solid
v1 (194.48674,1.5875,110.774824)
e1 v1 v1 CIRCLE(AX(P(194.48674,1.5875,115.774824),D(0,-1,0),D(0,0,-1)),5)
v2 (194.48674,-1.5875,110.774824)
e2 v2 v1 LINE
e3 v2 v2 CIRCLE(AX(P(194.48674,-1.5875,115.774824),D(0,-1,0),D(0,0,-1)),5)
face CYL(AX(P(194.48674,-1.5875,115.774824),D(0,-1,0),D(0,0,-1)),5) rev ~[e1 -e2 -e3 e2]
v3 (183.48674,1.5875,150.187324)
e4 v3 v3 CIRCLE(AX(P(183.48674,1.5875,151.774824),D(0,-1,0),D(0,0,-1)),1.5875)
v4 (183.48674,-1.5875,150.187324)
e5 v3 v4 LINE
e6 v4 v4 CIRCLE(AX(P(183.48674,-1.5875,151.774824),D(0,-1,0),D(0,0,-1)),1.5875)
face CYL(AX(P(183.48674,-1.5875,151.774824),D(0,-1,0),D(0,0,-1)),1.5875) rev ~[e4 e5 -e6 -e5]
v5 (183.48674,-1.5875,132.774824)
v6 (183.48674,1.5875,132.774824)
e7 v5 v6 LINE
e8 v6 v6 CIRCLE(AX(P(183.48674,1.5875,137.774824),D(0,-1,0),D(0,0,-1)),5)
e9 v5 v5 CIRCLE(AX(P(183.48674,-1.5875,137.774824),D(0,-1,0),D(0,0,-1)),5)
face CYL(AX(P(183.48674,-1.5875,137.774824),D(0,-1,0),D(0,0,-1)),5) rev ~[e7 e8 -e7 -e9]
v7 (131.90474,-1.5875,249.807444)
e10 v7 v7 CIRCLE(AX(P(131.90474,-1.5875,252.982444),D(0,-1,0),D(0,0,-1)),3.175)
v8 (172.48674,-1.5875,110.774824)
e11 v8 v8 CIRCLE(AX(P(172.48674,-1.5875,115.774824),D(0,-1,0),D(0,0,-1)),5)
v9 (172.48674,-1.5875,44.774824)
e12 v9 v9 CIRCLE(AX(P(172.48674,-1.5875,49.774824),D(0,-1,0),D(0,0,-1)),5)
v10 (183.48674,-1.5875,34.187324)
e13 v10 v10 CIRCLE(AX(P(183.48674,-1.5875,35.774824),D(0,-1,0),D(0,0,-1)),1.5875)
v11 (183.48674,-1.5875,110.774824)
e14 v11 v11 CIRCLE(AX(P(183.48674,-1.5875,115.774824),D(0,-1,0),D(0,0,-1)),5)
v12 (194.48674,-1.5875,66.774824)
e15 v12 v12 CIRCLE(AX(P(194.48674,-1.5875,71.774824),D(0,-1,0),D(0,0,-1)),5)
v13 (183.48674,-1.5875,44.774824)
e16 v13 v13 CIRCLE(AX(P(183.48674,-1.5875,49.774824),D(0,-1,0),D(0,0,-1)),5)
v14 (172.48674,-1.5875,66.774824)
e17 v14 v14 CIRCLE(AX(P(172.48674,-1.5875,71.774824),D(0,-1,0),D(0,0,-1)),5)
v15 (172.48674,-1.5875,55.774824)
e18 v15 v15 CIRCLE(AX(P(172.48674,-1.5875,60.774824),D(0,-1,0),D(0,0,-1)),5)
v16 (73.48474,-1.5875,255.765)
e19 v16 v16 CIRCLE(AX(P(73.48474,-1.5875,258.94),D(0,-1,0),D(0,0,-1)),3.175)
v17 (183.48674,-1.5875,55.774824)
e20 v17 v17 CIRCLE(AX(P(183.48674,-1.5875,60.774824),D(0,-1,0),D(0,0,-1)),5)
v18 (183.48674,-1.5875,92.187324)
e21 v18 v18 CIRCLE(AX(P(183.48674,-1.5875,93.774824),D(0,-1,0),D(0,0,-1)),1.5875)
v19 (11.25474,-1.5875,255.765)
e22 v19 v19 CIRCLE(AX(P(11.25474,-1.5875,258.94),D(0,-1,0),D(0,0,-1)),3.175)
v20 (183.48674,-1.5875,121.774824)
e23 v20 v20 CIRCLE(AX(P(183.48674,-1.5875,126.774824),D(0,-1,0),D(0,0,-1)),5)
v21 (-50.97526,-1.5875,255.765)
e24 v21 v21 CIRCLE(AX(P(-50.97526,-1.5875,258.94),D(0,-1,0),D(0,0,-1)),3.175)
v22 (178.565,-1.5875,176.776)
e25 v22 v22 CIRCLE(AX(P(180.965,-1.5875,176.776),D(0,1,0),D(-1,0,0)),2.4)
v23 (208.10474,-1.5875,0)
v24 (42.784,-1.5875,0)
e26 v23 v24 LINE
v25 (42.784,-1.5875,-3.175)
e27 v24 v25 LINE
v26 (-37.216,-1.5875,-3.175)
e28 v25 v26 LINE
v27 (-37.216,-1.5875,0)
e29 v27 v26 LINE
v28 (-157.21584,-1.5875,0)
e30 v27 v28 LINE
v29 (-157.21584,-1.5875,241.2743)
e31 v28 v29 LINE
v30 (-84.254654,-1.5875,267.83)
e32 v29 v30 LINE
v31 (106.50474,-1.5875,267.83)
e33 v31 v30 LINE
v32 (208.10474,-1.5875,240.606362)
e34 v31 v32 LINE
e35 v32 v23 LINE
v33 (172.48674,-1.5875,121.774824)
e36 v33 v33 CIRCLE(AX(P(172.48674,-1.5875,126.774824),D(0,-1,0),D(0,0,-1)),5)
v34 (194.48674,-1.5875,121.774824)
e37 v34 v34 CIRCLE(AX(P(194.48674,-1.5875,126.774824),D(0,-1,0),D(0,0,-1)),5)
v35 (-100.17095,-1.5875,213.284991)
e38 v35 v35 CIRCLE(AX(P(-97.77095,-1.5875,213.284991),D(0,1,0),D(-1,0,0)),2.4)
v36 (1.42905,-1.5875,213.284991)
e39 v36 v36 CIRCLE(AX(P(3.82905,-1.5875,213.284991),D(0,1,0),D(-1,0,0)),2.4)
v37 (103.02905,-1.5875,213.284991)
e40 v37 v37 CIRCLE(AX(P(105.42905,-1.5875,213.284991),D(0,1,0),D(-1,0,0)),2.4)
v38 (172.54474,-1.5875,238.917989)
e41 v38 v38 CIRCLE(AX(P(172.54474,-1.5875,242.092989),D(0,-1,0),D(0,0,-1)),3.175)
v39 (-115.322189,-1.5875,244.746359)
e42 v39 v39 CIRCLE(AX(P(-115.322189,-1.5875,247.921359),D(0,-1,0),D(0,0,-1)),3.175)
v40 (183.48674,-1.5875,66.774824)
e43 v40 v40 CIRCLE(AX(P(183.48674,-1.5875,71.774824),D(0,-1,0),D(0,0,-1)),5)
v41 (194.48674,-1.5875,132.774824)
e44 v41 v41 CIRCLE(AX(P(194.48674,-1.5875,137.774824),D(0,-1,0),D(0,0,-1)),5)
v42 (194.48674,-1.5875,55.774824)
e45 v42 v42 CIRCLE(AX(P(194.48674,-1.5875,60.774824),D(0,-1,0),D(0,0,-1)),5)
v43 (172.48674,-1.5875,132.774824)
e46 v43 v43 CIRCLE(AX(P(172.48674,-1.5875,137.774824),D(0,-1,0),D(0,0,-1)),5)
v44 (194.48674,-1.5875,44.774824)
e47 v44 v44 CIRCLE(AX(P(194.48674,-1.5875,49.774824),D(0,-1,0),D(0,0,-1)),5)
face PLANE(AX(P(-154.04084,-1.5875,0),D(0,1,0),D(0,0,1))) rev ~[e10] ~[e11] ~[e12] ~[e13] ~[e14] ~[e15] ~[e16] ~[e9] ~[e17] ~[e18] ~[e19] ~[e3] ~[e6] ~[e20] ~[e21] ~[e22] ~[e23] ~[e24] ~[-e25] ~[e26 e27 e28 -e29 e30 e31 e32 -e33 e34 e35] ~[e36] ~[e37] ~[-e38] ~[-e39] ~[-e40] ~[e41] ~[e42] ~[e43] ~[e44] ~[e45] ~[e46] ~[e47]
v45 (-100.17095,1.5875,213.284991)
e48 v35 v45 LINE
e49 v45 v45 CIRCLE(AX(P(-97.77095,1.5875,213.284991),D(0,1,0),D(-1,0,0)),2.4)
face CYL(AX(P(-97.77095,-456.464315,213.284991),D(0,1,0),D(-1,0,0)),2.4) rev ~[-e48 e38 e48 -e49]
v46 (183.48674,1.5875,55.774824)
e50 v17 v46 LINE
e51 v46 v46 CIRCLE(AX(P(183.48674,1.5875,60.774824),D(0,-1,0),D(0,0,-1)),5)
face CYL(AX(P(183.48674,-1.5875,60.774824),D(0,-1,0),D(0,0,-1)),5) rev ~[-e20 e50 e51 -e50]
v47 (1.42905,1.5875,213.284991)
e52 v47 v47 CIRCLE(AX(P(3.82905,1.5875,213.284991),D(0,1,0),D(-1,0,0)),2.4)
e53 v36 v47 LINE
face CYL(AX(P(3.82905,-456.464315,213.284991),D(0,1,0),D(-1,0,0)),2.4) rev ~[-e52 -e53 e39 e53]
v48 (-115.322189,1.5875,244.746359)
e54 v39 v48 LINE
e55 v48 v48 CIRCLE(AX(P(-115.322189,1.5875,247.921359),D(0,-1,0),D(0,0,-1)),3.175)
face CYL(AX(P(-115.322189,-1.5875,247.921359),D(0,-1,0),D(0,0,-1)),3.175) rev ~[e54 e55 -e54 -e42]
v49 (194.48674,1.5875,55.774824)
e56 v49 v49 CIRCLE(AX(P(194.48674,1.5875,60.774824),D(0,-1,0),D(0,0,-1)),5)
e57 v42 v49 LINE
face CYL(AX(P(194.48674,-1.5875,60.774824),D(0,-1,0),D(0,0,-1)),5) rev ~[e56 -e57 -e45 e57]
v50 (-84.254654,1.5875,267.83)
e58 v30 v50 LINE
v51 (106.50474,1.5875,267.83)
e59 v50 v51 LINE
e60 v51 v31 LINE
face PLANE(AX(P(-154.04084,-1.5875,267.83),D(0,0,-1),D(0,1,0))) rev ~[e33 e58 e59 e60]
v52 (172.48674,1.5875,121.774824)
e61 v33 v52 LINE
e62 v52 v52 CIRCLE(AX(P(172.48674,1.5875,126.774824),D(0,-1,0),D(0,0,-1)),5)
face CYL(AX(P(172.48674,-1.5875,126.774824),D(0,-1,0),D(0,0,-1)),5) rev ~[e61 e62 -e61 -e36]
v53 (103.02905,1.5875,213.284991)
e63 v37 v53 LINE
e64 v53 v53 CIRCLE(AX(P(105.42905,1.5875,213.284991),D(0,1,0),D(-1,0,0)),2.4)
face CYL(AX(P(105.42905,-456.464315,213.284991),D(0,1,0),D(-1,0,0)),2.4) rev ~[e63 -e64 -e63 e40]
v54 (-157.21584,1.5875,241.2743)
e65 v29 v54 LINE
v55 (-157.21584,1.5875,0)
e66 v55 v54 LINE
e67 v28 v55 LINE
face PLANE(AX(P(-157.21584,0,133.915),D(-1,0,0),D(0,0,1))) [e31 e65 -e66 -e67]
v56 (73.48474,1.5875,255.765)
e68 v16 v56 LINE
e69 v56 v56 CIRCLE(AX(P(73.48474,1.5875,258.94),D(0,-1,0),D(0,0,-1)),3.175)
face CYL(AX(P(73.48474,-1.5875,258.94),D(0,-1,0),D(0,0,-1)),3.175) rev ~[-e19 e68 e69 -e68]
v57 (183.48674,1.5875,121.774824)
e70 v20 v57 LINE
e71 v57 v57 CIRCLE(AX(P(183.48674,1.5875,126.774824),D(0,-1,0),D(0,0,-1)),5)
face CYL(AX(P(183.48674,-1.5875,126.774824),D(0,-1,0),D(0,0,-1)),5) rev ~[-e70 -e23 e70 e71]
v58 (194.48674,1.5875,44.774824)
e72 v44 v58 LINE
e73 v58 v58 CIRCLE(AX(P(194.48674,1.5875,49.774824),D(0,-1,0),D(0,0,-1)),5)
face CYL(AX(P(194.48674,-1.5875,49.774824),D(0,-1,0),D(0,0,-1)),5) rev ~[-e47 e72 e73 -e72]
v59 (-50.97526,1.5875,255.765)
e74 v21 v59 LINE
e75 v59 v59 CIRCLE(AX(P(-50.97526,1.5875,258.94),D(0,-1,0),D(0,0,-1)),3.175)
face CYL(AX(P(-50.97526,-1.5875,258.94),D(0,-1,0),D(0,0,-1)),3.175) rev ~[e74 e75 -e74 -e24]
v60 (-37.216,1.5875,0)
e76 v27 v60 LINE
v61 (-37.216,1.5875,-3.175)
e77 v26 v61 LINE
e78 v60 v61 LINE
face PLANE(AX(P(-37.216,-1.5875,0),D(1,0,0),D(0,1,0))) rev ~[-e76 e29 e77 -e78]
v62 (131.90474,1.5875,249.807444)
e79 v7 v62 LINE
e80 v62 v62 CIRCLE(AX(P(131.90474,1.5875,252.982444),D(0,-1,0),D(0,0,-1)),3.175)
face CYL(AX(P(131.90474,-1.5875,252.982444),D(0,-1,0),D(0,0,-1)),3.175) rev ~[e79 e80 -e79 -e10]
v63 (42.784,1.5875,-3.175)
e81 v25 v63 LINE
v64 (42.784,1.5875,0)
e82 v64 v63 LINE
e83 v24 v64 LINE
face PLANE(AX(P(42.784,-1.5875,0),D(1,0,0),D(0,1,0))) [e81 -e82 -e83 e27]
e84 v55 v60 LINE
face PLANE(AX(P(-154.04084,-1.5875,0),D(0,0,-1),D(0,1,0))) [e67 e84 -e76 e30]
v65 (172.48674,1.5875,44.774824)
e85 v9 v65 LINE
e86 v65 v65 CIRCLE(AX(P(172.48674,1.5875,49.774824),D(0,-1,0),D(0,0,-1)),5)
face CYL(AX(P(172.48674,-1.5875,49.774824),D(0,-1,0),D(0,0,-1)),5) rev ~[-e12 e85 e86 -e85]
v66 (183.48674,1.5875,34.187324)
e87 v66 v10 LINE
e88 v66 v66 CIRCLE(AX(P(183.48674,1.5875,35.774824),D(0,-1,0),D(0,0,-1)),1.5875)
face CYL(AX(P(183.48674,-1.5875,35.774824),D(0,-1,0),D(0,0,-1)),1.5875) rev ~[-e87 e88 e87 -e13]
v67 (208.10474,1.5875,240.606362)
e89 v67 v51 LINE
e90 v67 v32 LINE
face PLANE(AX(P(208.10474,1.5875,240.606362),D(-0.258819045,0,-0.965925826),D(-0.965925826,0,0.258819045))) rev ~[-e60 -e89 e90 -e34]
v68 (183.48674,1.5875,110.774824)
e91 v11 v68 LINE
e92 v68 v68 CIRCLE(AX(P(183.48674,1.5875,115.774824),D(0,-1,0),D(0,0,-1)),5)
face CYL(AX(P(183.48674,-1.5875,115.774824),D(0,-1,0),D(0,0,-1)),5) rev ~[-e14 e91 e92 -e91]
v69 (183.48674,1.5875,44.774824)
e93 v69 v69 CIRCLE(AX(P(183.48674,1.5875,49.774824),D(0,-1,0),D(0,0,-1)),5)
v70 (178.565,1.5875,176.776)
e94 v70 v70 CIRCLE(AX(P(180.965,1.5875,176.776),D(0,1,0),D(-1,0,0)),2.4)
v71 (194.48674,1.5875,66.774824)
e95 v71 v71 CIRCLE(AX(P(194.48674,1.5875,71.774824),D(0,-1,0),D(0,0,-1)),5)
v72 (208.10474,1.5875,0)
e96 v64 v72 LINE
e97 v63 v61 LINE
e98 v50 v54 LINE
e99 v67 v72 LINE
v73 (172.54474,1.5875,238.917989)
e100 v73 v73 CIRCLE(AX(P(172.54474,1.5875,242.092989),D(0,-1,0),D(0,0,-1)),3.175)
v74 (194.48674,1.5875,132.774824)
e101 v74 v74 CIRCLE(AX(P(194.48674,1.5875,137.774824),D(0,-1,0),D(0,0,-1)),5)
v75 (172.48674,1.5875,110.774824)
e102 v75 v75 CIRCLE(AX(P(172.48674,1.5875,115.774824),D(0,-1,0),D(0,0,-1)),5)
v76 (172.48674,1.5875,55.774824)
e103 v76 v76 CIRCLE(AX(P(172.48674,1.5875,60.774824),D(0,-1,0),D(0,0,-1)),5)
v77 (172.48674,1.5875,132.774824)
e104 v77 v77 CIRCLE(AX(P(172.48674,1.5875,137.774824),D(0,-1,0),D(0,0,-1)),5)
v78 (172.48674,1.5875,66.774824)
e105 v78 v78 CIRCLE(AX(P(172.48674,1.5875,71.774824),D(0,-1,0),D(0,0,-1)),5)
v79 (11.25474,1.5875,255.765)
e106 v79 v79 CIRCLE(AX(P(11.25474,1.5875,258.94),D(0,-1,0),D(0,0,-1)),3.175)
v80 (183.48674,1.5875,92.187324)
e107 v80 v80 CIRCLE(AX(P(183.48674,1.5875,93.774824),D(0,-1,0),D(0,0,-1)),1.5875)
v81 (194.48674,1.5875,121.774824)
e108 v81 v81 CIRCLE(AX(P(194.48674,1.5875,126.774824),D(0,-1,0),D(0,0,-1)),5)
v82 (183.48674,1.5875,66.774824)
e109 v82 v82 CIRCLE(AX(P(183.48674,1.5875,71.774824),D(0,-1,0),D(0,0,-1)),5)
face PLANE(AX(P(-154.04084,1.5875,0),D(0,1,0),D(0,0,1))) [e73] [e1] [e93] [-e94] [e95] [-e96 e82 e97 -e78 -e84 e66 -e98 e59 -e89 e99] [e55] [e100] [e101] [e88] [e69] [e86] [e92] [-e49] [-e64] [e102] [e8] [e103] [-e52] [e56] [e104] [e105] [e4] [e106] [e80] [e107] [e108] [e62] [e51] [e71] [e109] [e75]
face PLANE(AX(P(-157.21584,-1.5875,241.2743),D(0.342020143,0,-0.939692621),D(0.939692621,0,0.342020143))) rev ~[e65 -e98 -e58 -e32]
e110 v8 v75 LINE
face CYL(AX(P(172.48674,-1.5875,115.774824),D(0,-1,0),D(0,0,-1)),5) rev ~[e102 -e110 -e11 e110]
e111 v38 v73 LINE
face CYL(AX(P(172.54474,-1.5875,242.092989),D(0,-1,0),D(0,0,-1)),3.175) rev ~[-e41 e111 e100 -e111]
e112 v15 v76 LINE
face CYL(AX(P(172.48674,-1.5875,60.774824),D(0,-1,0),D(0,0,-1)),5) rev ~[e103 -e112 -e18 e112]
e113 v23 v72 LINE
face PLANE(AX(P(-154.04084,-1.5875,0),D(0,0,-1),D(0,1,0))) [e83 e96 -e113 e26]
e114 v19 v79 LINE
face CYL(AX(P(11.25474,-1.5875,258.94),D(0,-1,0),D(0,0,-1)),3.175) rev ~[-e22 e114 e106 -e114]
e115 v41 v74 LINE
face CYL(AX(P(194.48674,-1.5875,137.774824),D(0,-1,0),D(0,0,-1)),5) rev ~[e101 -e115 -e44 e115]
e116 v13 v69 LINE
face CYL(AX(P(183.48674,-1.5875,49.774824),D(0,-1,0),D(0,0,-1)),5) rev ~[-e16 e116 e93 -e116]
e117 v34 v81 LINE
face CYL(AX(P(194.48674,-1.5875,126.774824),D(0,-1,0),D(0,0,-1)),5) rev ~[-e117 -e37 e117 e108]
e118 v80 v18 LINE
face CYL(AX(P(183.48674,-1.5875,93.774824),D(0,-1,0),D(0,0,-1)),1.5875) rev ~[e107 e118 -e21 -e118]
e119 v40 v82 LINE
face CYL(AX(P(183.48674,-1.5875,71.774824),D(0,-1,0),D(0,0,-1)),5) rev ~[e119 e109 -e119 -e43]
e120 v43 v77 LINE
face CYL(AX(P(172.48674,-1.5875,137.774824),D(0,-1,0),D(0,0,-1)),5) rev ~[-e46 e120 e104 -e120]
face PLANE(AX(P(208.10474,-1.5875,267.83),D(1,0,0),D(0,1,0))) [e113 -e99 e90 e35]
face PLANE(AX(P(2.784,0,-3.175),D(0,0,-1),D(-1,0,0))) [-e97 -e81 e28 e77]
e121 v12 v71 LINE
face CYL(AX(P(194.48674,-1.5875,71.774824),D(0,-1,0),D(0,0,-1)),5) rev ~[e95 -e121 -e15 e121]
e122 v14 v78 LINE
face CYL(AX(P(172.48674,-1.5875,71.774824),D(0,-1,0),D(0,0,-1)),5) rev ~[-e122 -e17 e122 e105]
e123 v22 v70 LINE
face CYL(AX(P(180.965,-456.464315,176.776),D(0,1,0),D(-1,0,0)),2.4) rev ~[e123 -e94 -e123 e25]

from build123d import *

# Parameters (mm, degrees)
SKETCH1_W            = 308.08168
SKETCH1_H            = 3.175
BOSS_EXTRUDE1_DEPTH  = 267.83
SKETCH3_W            = 267.83
SKETCH3_H            = 3.175
BOSS_EXTRUDE3_DEPTH  = 3.175
SKETCH4_W            = 50.8889
SKETCH4_H            = 3.175
BOSS_EXTRUDE4_DEPTH  = 267.83
CUT_EXTRUDE1_DEPTH   = 340.191055801
SKETCH17_W           = 267.83
SKETCH17_H           = 3.175
BOSS_EXTRUDE5_DEPTH  = 3.175
CUT_EXTRUDE3_DEPTH   = 340.191055801
SKETCH25_R           = 3.175
CUT_EXTRUDE8_DEPTH   = 3.175
SKETCH27_R           = 5
CUT_EXTRUDE9_DEPTH   = 340.191055801
SKETCH30_W           = 80
SKETCH30_H           = 3.175
BOSS_EXTRUDE6_DEPTH  = 3.175
SKETCH31_R           = 1.5875
CUT_EXTRUDE10_DEPTH  = 340.191055801
LPATTERN1_COUNT      = 3
LPATTERN1_PITCH      = 58
M4_CLEARANCE_HOLE1_D = 4.8


with BuildPart() as part:
    # Sketch1 → Boss-Extrude1 (new body)
    with BuildSketch(Plane.XY):
        Rectangle(SKETCH1_W, SKETCH1_H)
    extrude(amount=BOSS_EXTRUDE1_DEPTH)

    # Sketch3 → Boss-Extrude3 (add)
    with BuildSketch(Plane(origin=(154.04084, 0, 0), x_dir=(0, 0, -1), z_dir=(1, 0, 0))):
        with Locations((-133.915, 0)):
            Rectangle(SKETCH3_W, SKETCH3_H)
    extrude(amount=BOSS_EXTRUDE3_DEPTH)

    # Sketch4 → Boss-Extrude4 (add)
    with BuildSketch(Plane.XY.offset(267.83)):
        with Locations((182.66029, 0)):
            Rectangle(SKETCH4_W, SKETCH4_H)
    extrude(amount=-BOSS_EXTRUDE4_DEPTH)

    # Sketch6 → Cut-Extrude1 (cut, through all)
    with BuildSketch(Plane(origin=(0, 1.5875, 0), x_dir=(1, 0, 0), z_dir=(0, 1, 0))):
        Polygon((208.10474, -240.606362049), (106.50474, -267.83), (208.10474, -267.83), align=None)
    extrude(amount=-CUT_EXTRUDE1_DEPTH, mode=Mode.SUBTRACT)

    # Sketch17 → Boss-Extrude5 (add)
    with BuildSketch(Plane.ZY.offset(154.04084)):
        with Locations((133.915, 0)):
            Rectangle(SKETCH17_W, SKETCH17_H)
    extrude(amount=BOSS_EXTRUDE5_DEPTH)

    # Sketch11 → Cut-Extrude3 (cut, through all)
    with BuildSketch(Plane.XZ.offset(1.5875)):
        Polygon((-157.21584, 241.2743), (-84.254653892, 267.83), (-157.21584, 267.83), align=None)
    extrude(amount=-CUT_EXTRUDE3_DEPTH, mode=Mode.SUBTRACT)

    # Sketch25 → Cut-Extrude8 (cut)
    with BuildSketch(Plane.XZ.offset(1.5875)):
        with Locations(Location((-115.322188641, 247.921359373, 0), (0, 0, 270))):
            Circle(SKETCH25_R)
        with Locations(Location((-50.97526, 258.94, 0), (0, 0, 270))):
            Circle(SKETCH25_R)
        with Locations(Location((11.25474, 258.94, 0), (0, 0, 270))):
            Circle(SKETCH25_R)
        with Locations(Location((73.48474, 258.94, 0), (0, 0, 270))):
            Circle(SKETCH25_R)
        with Locations(Location((172.54474, 242.09298883, 0), (0, 0, 270))):
            Circle(SKETCH25_R)
        with Locations(Location((131.90474, 252.982444011, 0), (0, 0, 270))):
            Circle(SKETCH25_R)
    extrude(amount=-CUT_EXTRUDE8_DEPTH, mode=Mode.SUBTRACT)

    # Sketch27 → Cut-Extrude9 (cut, through all)
    with BuildSketch(Plane.XZ.offset(1.5875)):
        with Locations(Location((172.48674, 137.774823778, 0), (0, 0, 270))):
            Circle(SKETCH27_R)
        with Locations(Location((183.48674, 137.774823778, 0), (0, 0, 270))):
            Circle(SKETCH27_R)
        with Locations(Location((194.48674, 137.774823778, 0), (0, 0, 270))):
            Circle(SKETCH27_R)
        with Locations(Location((194.48674, 126.774823778, 0), (0, 0, 270))):
            Circle(SKETCH27_R)
        with Locations(Location((194.48674, 115.774823778, 0), (0, 0, 270))):
            Circle(SKETCH27_R)
        with Locations(Location((183.48674, 126.774823778, 0), (0, 0, 270))):
            Circle(SKETCH27_R)
        with Locations(Location((183.48674, 115.774823778, 0), (0, 0, 270))):
            Circle(SKETCH27_R)
        with Locations(Location((172.48674, 115.774823778, 0), (0, 0, 270))):
            Circle(SKETCH27_R)
        with Locations(Location((172.48674, 126.774823778, 0), (0, 0, 270))):
            Circle(SKETCH27_R)
        with Locations(Location((194.48674, 71.774823778, 0), (0, 0, 270))):
            Circle(SKETCH27_R)
        with Locations(Location((194.48674, 60.774823778, 0), (0, 0, 270))):
            Circle(SKETCH27_R)
        with Locations(Location((194.48674, 49.774823778, 0), (0, 0, 270))):
            Circle(SKETCH27_R)
        with Locations(Location((183.48674, 71.774823778, 0), (0, 0, 270))):
            Circle(SKETCH27_R)
        with Locations(Location((183.48674, 60.774823778, 0), (0, 0, 270))):
            Circle(SKETCH27_R)
        with Locations(Location((183.48674, 49.774823778, 0), (0, 0, 270))):
            Circle(SKETCH27_R)
        with Locations(Location((172.48674, 49.774823778, 0), (0, 0, 270))):
            Circle(SKETCH27_R)
        with Locations(Location((172.48674, 60.774823778, 0), (0, 0, 270))):
            Circle(SKETCH27_R)
        with Locations(Location((172.48674, 71.774823778, 0), (0, 0, 270))):
            Circle(SKETCH27_R)
    extrude(amount=-CUT_EXTRUDE9_DEPTH, mode=Mode.SUBTRACT)

    # Sketch30 → Boss-Extrude6 (add)
    with BuildSketch(Plane(origin=(0, 0, 0), x_dir=(-1, 0, 0), z_dir=(0, 0, -1))):
        with Locations((-2.78399998, 0)):
            Rectangle(SKETCH30_W, SKETCH30_H)
    extrude(amount=BOSS_EXTRUDE6_DEPTH)

    # Sketch31 → Cut-Extrude10 (cut, symmetric)
    with BuildSketch(Plane.XZ.offset(1.5875)):
        with Locations(Location((183.48674, 151.774823778, 0), (0, 0, 270))):
            Circle(SKETCH31_R)
    cut_extrude10 = extrude(amount=CUT_EXTRUDE10_DEPTH, both=True, mode=Mode.SUBTRACT)

    # LPattern1: Cut-Extrude10 ×3
    with Locations(*[(0, 0, -i * LPATTERN1_PITCH) for i in range(1, LPATTERN1_COUNT)]):
        add(cut_extrude10, mode=Mode.SUBTRACT)

    # M4 Clearance Hole1 (through all)
    with Locations(Plane.XZ.offset(1.5875)):
        with Locations((180.96500002, 176.776), (-97.77095, 213.2849914), (3.82905, 213.2849914), (105.42905, 213.2849914)):
            Hole(M4_CLEARANCE_HOLE1_D / 2)


solid = part.part
